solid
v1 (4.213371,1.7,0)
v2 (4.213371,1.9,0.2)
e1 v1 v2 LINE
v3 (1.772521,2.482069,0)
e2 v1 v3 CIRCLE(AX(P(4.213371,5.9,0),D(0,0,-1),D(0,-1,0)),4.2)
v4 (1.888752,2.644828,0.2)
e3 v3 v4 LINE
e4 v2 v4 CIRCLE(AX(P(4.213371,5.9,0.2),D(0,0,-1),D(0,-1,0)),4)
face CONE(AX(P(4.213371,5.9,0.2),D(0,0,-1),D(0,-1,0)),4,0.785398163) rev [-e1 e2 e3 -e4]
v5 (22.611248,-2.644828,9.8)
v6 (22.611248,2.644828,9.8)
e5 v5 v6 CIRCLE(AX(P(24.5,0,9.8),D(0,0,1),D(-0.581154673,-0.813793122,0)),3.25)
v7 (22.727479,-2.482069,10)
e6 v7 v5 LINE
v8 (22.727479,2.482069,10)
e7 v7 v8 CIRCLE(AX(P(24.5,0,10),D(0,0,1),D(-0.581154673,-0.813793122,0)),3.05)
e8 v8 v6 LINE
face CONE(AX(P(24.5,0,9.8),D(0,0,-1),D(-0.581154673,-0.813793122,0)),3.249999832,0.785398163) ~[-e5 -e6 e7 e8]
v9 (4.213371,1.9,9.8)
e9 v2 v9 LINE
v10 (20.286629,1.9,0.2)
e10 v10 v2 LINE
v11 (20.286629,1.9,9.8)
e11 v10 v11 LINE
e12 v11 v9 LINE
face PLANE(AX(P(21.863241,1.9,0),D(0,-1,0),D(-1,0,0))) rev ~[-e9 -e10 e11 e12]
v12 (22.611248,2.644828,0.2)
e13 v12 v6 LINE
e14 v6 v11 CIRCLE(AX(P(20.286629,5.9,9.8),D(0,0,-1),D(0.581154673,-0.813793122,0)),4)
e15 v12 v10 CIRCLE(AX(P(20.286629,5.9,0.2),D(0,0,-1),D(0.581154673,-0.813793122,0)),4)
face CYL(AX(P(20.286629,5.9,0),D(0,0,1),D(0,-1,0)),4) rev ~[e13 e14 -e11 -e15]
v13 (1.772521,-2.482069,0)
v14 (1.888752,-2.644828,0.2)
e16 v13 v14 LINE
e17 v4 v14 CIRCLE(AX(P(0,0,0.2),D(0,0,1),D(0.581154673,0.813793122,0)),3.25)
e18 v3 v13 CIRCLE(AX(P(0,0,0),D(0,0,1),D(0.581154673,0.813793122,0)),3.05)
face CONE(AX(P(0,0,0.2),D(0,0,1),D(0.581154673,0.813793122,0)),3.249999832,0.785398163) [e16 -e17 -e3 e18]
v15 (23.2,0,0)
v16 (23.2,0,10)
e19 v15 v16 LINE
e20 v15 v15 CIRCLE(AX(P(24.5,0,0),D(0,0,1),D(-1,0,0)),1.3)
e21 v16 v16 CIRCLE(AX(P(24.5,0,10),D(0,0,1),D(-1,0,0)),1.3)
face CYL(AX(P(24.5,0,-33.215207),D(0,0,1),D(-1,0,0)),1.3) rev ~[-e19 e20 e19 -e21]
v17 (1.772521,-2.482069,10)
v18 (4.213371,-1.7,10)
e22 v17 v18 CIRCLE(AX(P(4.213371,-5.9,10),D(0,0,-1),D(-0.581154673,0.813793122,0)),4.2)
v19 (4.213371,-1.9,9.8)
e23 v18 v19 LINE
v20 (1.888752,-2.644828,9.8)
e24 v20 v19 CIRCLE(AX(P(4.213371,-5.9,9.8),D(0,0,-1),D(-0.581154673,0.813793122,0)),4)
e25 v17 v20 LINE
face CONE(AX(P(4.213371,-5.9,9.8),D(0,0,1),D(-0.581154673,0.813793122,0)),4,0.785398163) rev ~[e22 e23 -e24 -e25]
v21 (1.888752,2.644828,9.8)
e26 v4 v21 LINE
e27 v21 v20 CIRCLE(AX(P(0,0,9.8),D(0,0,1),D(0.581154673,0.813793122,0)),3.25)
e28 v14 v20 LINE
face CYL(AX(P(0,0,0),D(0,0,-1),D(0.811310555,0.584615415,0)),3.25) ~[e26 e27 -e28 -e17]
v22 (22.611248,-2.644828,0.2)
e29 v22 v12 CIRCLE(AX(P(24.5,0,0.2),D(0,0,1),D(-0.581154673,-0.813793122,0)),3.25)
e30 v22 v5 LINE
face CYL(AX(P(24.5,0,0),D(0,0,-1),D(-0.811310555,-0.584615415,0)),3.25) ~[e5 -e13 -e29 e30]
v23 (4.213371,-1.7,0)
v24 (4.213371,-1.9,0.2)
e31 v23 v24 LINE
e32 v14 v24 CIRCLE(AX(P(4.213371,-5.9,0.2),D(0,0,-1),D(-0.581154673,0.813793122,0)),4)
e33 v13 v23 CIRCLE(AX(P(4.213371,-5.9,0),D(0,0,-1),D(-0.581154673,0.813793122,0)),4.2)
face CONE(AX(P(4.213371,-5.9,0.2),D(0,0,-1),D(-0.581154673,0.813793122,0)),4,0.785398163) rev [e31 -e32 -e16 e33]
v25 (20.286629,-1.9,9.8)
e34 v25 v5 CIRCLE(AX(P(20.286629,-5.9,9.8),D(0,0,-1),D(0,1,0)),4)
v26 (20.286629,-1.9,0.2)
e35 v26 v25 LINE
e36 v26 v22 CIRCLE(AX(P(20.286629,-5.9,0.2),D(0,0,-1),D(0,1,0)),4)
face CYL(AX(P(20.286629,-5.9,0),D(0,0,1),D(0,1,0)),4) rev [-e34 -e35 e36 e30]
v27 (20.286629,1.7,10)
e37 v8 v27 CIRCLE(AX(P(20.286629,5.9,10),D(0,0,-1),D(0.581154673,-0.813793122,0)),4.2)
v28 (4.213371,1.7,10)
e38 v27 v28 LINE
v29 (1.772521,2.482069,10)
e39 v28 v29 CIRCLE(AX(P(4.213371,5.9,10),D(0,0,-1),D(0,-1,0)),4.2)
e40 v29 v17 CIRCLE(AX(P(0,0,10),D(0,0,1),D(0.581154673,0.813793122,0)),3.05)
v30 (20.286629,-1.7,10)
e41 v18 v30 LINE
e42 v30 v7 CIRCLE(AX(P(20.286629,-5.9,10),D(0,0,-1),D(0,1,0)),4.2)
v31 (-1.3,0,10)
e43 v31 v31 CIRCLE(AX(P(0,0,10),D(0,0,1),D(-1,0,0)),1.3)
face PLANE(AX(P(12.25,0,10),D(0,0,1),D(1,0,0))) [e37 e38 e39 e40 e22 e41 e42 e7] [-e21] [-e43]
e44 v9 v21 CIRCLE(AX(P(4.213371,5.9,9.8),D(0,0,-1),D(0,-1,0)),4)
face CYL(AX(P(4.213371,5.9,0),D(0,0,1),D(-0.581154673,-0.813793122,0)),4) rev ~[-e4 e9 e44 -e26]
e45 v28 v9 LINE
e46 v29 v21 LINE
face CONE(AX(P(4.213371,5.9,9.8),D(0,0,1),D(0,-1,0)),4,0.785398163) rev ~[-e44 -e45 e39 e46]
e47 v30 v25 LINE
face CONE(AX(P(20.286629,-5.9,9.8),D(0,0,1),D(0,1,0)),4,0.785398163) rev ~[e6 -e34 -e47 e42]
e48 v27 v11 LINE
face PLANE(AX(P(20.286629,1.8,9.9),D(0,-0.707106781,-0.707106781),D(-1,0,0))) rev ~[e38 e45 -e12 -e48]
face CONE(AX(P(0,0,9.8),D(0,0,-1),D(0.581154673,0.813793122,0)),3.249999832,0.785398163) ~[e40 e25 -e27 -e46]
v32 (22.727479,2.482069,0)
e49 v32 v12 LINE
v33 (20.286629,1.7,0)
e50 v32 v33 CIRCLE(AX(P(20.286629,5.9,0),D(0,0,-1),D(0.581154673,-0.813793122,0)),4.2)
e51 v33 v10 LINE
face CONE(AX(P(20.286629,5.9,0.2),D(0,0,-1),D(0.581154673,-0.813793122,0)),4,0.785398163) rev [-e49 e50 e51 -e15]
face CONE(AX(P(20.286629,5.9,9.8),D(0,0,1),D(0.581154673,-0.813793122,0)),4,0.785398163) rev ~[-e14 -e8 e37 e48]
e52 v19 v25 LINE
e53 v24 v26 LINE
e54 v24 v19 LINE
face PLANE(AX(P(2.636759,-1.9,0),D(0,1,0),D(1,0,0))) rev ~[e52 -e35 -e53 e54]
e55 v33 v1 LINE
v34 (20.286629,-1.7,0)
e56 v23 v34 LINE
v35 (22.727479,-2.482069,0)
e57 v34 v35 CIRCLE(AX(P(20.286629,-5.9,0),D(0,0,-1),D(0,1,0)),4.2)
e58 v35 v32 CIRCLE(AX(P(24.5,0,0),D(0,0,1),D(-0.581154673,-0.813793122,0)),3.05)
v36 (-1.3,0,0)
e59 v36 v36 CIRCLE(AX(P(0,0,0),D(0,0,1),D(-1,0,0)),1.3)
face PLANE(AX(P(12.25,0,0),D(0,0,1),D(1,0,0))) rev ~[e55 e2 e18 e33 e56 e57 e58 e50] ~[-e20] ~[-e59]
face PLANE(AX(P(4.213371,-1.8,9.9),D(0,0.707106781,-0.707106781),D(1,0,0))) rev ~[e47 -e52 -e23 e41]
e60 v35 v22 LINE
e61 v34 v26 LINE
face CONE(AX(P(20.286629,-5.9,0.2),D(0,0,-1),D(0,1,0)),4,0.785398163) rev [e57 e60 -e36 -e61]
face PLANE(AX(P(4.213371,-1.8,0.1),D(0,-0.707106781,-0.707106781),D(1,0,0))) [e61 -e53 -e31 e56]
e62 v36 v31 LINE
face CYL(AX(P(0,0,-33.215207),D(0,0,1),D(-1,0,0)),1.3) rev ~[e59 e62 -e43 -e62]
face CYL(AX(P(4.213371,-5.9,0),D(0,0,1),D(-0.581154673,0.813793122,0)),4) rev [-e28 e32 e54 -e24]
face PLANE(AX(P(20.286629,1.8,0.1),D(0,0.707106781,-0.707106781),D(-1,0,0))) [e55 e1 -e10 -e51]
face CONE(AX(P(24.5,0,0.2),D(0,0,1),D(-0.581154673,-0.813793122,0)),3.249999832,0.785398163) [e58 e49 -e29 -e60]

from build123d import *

# Parameters (mm, degrees)
F1_DEPTH = 10
F2_D     = 2.6
F3_R     = 4
F4_SIZE  = 0.2


with BuildPart() as f1:
    # F0 (on Top) → F1 (new body)
    with BuildSketch(Plane.XY):
        with BuildLine():
            ThreePointArc((2.636759, 1.9), (-3.25, 0), (2.636759, -1.9))
            Line((2.636759, -1.9), (21.863241, -1.9))
            ThreePointArc((21.863241, -1.9), (27.75, 0), (21.863241, 1.9))
            Line((21.863241, 1.9), (2.636759, 1.9))
        make_face()
    extrude(amount=F1_DEPTH)

    # F2 (through all)
    with Locations(Plane(origin=(0, 0, 0), x_dir=(1, 0, 0), z_dir=(0, 0, -1))):
        with Locations((0, 0), (24.5, 0)):
            Hole(F2_D / 2)

    # F3
    f3_edges = [f1.edges().sort_by_distance(p)[0] for p in [
        (2.636759, -1.9, 5),
        (21.863241, -1.9, 5),
        (2.636759, 1.9, 5),
        (21.863241, 1.9, 5),
    ]]
    fillet(f3_edges, radius=F3_R)

    # F4
    f4_edges = [f1.edges().sort_by_distance(p)[0] for p in [
        (12.25, 1.9, 0),
        (12.25, 1.9, 10),
    ]]
    chamfer(f4_edges, length=F4_SIZE)


solid = f1.part
